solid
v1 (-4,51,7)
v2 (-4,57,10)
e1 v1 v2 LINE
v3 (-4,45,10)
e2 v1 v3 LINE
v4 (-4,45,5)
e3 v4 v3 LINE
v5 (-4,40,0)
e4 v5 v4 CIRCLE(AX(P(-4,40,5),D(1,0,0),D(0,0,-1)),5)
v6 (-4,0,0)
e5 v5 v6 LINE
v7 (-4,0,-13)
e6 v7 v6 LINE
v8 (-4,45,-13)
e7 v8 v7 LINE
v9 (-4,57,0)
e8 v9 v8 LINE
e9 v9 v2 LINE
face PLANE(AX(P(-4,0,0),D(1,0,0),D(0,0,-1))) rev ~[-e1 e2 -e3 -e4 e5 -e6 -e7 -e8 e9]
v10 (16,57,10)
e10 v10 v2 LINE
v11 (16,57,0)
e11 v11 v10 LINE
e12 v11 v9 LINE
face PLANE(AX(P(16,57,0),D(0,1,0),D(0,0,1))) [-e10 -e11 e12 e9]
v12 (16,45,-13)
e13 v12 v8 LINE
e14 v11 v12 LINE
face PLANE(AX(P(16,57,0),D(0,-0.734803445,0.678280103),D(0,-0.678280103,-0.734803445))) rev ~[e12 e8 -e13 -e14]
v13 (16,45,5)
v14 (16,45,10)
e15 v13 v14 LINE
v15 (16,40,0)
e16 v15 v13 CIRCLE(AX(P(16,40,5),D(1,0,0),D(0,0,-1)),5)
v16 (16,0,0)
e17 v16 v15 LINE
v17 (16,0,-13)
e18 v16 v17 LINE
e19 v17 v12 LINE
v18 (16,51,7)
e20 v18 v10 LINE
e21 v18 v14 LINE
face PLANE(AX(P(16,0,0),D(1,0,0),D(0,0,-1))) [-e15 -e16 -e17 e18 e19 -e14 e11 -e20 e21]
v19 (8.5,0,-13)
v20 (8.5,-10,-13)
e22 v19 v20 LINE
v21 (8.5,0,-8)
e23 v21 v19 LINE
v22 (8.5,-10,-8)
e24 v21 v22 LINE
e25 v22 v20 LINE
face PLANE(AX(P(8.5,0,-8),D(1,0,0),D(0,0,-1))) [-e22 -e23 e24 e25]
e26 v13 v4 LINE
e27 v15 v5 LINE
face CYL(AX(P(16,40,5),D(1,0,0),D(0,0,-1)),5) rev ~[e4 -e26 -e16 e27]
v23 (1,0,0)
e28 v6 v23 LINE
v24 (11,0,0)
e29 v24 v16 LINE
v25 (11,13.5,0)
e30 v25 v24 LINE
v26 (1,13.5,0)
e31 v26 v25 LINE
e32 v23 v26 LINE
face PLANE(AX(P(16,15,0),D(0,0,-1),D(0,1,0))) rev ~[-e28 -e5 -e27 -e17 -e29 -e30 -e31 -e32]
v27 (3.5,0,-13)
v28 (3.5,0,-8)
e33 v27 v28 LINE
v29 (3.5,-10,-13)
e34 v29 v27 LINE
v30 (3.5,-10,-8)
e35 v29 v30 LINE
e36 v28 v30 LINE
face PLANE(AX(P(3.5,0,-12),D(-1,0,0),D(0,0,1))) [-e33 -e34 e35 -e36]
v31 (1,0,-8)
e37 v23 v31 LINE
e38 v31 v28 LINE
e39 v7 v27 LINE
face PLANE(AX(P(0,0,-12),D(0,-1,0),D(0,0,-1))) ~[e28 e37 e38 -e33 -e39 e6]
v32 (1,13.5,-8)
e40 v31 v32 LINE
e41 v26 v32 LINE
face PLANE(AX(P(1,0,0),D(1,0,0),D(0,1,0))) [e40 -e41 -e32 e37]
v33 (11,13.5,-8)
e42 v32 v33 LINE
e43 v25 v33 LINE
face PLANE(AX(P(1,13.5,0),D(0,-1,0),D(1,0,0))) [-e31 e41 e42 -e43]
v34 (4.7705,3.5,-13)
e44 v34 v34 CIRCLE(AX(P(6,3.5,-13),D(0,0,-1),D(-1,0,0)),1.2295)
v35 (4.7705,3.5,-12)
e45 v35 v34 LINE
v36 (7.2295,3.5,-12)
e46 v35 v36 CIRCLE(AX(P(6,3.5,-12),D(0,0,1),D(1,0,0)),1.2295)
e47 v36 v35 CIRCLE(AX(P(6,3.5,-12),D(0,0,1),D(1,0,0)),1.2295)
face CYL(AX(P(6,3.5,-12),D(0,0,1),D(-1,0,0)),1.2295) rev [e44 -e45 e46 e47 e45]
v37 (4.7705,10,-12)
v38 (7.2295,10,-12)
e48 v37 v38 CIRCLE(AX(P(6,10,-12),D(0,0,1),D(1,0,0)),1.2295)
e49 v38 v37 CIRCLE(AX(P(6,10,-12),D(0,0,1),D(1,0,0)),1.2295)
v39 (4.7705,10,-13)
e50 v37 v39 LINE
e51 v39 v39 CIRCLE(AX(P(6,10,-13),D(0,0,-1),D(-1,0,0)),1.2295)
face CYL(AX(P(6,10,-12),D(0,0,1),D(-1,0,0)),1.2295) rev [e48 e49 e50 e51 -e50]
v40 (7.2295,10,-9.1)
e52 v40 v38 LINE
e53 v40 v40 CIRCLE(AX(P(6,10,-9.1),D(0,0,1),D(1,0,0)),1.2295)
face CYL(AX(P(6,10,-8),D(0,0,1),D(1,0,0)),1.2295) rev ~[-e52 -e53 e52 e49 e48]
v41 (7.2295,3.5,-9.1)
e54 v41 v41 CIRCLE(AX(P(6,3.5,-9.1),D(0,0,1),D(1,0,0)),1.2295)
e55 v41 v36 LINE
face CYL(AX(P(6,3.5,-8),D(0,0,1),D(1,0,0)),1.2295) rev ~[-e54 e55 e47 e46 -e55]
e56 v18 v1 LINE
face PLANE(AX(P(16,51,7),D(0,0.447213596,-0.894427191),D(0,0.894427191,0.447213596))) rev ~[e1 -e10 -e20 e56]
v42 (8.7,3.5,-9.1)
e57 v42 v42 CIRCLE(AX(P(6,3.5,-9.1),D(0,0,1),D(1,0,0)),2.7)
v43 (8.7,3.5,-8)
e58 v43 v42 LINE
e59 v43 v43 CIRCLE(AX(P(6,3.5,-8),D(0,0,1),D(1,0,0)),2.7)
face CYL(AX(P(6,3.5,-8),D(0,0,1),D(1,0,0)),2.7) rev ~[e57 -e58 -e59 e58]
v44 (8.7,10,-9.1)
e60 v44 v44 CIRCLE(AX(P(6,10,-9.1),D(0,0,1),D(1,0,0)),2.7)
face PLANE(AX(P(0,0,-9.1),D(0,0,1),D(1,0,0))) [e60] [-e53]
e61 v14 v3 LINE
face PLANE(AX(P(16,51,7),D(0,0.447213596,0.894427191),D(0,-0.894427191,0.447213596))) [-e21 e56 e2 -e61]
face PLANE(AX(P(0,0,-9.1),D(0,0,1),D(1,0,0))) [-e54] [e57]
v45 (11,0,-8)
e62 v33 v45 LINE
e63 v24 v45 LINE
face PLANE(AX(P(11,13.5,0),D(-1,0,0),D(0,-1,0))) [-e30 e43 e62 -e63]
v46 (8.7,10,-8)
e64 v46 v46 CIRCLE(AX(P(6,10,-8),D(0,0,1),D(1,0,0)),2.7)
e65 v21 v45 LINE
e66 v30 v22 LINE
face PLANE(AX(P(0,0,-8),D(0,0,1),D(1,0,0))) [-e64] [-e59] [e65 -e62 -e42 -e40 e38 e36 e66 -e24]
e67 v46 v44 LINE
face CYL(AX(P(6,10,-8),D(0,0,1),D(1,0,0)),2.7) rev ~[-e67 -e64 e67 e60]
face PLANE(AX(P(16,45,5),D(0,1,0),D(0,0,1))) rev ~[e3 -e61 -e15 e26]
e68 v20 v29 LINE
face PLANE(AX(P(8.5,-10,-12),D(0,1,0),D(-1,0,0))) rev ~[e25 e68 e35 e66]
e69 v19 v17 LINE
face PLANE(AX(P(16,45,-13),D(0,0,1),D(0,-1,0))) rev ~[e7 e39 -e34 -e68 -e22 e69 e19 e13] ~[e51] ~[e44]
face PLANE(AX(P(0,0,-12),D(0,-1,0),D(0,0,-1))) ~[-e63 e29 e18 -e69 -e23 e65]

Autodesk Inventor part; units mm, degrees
ref_plane "YZ Plane" through (0, 0, 0) normal (1, 0, 0) x (0, 1, 0)
ref_plane "XZ Plane" through (0, 0, 0) normal (0, 1, 0) x (-1, 0, 0)
sketch "Sketch2" plane through (0, 0, 0) normal (1, 0, 0) x (0, 1, 0)
  line L0 (0, 0) -> (15, 0)
  line L1 (15, 0) -> (15, -10)
  line L2 (15, -10) -> (0, -10)
  line L3 (0, -10) -> (0, 0)
  dimension "d4" = 15
  dimension "d5" = 10
extrude "Extrusion2" add sketch "Sketch2" along normal blind 12
sketch "Sketch3" plane through (0, 0, 0) normal (0, 0, 1) x (1, 0, 0)
  line L0 (0, 0) -> (1, 0)
  line L1 (0, 0) -> (12, 0) projected
  line L2 (1, 0) -> (1, 13.5)
  line L3 (1, 13.5) -> (11, 13.5)
  line L4 (11, 13.5) -> (11, 0)
  line L5 (11, 0) -> (1, 0)
  dimension "d8" = 1
  dimension "d9" = 13.5
  dimension "d10" = 10
extrude "Extrusion3" cut sketch "Sketch3" against normal blind 8
sketch "Sketch4" plane through (0, 0, -10) normal (0, 0, -1) x (-1, 0, 0)
  line L0 (0, 15) -> (-12, 15) projected
  line L1 (0, 0) -> (-12, 0) projected
  line L2 (-12, 15) -> (0, 15)
  line L3 (0, 15) -> (0, 0)
  line L4 (0, 0) -> (-12, 0)
  line L5 (-12, 0) -> (-12, 15)
extrude "Extrusion4" add sketch "Sketch4" along normal blind 2
sketch "Sketch5" plane through (0, 0, -8) normal (0, 0, 1) x (1, 0, 0)
  line L0 (1, 13.5) -> (11, 13.5) projected
  line L1 (6, 13.5) -> (6, 10)
  line L2 (6, 10) -> (6, 3.5)
  circle A0 centre (6, 10) radius 1.2295
  circle A1 centre (6, 3.5) radius 1.2295
  point P0 (0, 0)
  dimension "d15" = 3.5
  dimension "d16" = 6.5
  dimension "d17" = 2.459
  dimension "d18" = 2.459
extrude "Extrusion5" cut sketch "Sketch5" against normal blind 4
sketch "Sketch6" plane through (0, 0, -8) normal (0, 0, 1) x (1, 0, 0)
  circle A0 centre (6, 10) radius 1.2295 projected
  circle A1 centre (6, 10) radius 2.7
  circle A2 centre (6, 3.5) radius 1.2295 projected
  circle A3 centre (6, 3.5) radius 2.7
  point P0 (0, 0)
  dimension "d21" = 5.4
  dimension "d22" = 5.4
extrude "Extrusion6" cut sketch "Sketch6" against normal blind 1.1
sketch "Sketch15" plane through (12, 0, 0) normal (1, 0, 0) x (0, 0, -1)
  line L0 (0, 15) -> (12, 15) projected
  line L1 (12, 15) -> (12, 0) projected
  line L2 (0, 15) -> (12, 15)
  line L3 (12, 15) -> (12, 0)
  line L4 (12, 0) -> (0, 0)
  line L5 (0, 0) -> (0, 15)
extrude "Extrusion14" add sketch "Sketch15" along normal blind 4
ref_plane "Work Plane1" through (6, 0, 0) normal (1, 0, 0) x (0, 0, -1)
mirror "Mirror1" about plane through (6, 0, 0) normal (1, 0, 0) of "Extrusion14"
sketch "Sketch16" plane through (1, 0, -8) normal (0, -1, 0) x (1, 0, 0)
  line L0 (10, 0) -> (0, 0) projected
  line L1 (5, 0) -> (7.5, 0)
  line L2 (7.5, 0) -> (7.5, -4)
  line L3 (-5, -4) -> (15, -4) projected
  line L4 (7.5, -4) -> (2.5, -4)
  line L5 (2.5, -4) -> (2.5, 0)
  line L6 (2.5, 0) -> (5, 0)
  point P0 (-1, 8)
  dimension "d61" = 2.5
  dimension "d62" = 4
  dimension "d63" = 5
  dimension "d64" = 4
extrude "Extrusion15" add sketch "Sketch16" along normal blind 10
sketch "Sketch18" plane through (0, 0, -12) normal (0, 0, -1) x (-1, 0, 0)
  line L0 (-16, 15) -> (4, 15) projected
  line L1 (4, 0) -> (-3.5, 0) projected
  line L2 (-16, 15) -> (4, 15)
  line L3 (4, 15) -> (4, 0)
  line L4 (4, 0) -> (-16, 0)
  line L5 (-16, 0) -> (-16, 15)
  line L6 (-8.5, -10) -> (-3.5, -10) projected
  line L7 (-3.5, 0) -> (-8.5, 0)
  line L8 (-8.5, 0) -> (-8.5, -10)
  line L9 (-8.5, -10) -> (-3.5, -10)
  line L10 (-3.5, -10) -> (-3.5, 0)
  circle A0 centre (-6, 3.5) radius 1.2295 projected
  circle A1 centre (-6, 3.5) radius 1.2295
  circle A2 centre (-6, 10) radius 1.2295 projected
  circle A3 centre (-6, 10) radius 1.2295
  point P0 (0, 0)
extrude "Extrusion16" add sketch "Sketch18" along normal blind 1
sketch "Sketch19" plane through (16, 0, 0) normal (1, 0, 0) x (0, 0, -1)
  line L0 (0, 15) -> (13, 15) projected
  line L1 (0, 15) -> (0, 40)
  line L2 (13, 45) -> (13, 15)
  line L3 (0, 57) -> (-10, 57)
  line L4 (0, 57) -> (13, 45)
  arc A0 (0, 40) -> (-5, 45) centre (-5, 40) ccw
  line L5 (-5, 45) -> (-10, 45)
  line L6 (-7, 51) -> (-10, 57)
  line L7 (-7, 51) -> (-10, 45)
  point P0 (0, 0)
  point P1 (0, 45)
  dimension "d69" = 30
  dimension "d75" = 5
  dimension "d76" = 5
extrude "Extrusion17" add sketch "Sketch19" against normal blind 20
properties part number "3point finger"
